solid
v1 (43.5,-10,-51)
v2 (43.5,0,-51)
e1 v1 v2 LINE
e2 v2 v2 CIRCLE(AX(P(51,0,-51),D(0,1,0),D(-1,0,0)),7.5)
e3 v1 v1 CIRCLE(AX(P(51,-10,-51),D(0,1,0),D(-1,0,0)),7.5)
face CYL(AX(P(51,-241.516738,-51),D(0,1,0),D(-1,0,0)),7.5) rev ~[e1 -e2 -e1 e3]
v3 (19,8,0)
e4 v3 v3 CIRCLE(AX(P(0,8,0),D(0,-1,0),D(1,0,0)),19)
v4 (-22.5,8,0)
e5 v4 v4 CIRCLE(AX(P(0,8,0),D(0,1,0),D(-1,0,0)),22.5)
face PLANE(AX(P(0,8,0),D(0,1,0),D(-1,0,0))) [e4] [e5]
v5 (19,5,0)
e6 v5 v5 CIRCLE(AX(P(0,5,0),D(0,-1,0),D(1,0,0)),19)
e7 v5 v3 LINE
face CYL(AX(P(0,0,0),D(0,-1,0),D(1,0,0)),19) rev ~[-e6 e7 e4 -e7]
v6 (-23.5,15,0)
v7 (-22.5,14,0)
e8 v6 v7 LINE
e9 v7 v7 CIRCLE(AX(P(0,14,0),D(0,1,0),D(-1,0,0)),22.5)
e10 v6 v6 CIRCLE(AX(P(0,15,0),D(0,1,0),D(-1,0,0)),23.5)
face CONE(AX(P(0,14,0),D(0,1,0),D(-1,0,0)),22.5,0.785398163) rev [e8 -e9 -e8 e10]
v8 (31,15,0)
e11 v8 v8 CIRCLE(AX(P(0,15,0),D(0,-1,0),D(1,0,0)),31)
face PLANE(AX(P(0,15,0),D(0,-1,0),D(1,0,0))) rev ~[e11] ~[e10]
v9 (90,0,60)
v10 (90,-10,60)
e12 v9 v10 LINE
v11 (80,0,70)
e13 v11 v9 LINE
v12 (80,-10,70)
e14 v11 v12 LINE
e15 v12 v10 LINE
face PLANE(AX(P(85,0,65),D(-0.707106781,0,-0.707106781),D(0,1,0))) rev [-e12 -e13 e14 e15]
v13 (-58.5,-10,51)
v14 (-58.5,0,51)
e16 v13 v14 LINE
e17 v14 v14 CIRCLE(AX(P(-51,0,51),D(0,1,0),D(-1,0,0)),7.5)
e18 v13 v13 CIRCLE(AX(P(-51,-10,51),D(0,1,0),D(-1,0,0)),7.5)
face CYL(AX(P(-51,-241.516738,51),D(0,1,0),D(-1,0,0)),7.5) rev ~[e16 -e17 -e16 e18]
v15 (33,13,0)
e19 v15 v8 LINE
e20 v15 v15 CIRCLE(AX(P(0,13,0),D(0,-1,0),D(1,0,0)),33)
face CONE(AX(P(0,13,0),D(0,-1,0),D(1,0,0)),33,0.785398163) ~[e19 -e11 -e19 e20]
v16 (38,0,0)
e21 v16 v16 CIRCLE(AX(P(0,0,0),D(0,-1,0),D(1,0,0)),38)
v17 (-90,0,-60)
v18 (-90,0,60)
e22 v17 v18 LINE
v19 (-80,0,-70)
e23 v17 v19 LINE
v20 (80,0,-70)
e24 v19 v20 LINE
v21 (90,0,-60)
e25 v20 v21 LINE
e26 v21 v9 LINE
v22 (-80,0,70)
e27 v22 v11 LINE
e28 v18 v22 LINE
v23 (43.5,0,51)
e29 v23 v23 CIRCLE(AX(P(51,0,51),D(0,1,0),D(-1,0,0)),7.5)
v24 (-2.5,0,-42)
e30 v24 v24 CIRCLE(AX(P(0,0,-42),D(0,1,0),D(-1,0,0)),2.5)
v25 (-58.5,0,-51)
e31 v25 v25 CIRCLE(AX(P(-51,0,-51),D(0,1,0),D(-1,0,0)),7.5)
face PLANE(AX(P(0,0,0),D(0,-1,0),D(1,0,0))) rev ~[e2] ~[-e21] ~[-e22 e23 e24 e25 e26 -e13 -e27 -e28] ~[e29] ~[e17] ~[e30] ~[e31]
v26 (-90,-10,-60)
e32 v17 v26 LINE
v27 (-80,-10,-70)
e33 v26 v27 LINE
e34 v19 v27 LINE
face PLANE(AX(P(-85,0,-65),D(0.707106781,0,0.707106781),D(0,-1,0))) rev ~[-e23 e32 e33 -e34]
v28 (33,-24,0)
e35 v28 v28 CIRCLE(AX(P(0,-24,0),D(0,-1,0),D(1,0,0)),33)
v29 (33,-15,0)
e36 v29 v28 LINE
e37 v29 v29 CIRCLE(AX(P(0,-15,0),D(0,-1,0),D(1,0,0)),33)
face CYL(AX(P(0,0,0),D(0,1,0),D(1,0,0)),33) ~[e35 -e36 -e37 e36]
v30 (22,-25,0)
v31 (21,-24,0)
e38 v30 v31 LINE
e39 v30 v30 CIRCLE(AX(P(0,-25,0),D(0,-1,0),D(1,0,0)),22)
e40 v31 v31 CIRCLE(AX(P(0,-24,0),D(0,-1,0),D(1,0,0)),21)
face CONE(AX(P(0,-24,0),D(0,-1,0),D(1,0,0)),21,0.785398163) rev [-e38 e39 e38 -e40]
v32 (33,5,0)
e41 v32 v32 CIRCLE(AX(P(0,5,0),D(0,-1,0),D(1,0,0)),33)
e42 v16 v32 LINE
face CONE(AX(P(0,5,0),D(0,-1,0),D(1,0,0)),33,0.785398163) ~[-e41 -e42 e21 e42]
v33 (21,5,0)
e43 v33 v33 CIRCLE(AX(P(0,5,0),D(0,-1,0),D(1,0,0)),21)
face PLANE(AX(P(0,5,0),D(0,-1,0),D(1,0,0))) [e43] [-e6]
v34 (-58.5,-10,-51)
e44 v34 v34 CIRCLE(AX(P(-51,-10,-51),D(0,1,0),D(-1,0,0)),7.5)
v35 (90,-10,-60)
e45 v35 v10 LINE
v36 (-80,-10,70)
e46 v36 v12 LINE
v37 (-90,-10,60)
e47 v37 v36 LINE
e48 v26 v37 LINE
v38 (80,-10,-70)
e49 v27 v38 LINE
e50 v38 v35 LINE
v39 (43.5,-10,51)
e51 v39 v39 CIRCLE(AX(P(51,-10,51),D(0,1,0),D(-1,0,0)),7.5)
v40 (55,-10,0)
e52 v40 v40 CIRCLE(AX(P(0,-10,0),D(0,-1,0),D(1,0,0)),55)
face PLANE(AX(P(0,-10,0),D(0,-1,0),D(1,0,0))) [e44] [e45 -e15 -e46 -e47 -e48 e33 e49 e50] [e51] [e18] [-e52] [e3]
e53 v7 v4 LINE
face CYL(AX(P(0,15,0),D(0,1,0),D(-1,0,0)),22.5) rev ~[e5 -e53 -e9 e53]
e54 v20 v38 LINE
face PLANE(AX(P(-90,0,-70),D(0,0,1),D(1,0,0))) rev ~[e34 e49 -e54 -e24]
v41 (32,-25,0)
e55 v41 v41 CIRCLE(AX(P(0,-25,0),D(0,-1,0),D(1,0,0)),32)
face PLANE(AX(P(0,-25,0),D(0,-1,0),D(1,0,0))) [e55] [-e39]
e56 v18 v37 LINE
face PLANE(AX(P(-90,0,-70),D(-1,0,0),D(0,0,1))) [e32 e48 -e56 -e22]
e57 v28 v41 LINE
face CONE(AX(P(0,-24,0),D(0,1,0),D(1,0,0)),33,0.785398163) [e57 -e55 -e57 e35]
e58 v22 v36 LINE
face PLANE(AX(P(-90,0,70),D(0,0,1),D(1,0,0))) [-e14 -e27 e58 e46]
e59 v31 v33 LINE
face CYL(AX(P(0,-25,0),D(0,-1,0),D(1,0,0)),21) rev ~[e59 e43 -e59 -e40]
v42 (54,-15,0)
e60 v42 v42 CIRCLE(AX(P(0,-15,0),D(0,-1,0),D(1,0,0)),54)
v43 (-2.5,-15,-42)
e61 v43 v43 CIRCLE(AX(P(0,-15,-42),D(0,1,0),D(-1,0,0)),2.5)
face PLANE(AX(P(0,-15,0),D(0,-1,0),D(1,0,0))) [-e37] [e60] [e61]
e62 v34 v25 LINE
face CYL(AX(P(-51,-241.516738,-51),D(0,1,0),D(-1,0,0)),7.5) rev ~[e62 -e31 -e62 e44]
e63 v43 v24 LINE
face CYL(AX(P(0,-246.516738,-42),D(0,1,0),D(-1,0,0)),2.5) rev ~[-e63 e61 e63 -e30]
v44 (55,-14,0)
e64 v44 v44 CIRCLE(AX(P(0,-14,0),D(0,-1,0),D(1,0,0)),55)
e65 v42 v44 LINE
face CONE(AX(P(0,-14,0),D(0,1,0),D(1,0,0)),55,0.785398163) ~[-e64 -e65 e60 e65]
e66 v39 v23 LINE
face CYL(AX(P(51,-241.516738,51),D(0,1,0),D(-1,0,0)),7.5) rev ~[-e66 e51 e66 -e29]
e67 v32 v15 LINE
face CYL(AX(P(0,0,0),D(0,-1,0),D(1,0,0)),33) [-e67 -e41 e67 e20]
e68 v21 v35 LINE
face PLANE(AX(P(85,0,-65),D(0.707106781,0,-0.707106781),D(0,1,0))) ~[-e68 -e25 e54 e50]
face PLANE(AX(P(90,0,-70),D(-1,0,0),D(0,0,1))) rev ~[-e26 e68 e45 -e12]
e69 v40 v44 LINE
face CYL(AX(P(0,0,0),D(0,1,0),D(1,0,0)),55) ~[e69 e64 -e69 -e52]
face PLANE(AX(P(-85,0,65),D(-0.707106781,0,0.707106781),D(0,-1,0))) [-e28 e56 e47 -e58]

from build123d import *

# Parameters (mm, degrees)
F0_W          = 180
F0_H          = 140
F0_R          = 55
F1_DEPTH      = 10
F0_R_2        = 33
F2_DEPTH      = 15
F0_R_3        = 19
F3_DEPTH      = 25
F3_DEPTH_BACK = 15
F4_R          = 21
F4_R_2        = 19
F5_DEPTH      = 30
F6_R          = 22.5
F6_R_2        = 19
F7_DEPTH      = 7
F9_D          = 15
F11_D         = 5
F12_SIZE2     = 10
F12_SIZE      = 10
F13_SIZE2     = 5
F13_SIZE      = 5
F14_SIZE2     = 2
F14_SIZE      = 2
F15_SIZE2     = 1
F15_SIZE      = 1


with BuildPart() as f1:
    # F0 (on Front) → F1 (new body)
    with BuildSketch(Plane.XZ):
        Rectangle(F0_W, F0_H)
        Circle(F0_R, mode=Mode.SUBTRACT)
    extrude(amount=F1_DEPTH)

    # F0 (on Front) → F2 (join)
    with BuildSketch(Plane.XZ):
        Circle(F0_R)
        Circle(F0_R_2, mode=Mode.SUBTRACT)
    extrude(amount=F2_DEPTH)

    # F0 (on Front) → F3 (join, two sides)
    with BuildSketch(Plane.XZ) as f3_sk:
        Circle(F0_R_2)
        Circle(F0_R_3, mode=Mode.SUBTRACT)
    extrude(amount=F3_DEPTH)
    extrude(f3_sk.sketch, amount=-F3_DEPTH_BACK)

    # F4 (on face) → F5 (cut)
    with BuildSketch(Plane.XZ.offset(25)):
        Circle(F4_R)
        Circle(F4_R_2, mode=Mode.SUBTRACT)
    extrude(amount=-F5_DEPTH, mode=Mode.SUBTRACT)

    # F6 (on face) → F7 (cut)
    with BuildSketch(Plane(origin=(0, 15, 0), x_dir=(-1, 0, 0), z_dir=(0, 1, 0))):
        Circle(F6_R)
        Circle(F6_R_2, mode=Mode.SUBTRACT)
    extrude(amount=-F7_DEPTH, mode=Mode.SUBTRACT)

    # F9 (through all)
    with Locations(Plane.XZ.offset(10)):
        with Locations((-51, 51), (51, 51), (51, -51), (-51, -51)):
            Hole(F9_D / 2)

    # F11 (through all)
    with Locations(Plane.XZ.offset(15)):
        with Locations((0, -42)):
            Hole(F11_D / 2)

    # F12
    f12_edges = [f1.edges().sort_by_distance(p)[0] for p in [
        (-90, -5, 70),
        (-90, -5, -70),
        (90, -5, 70),
        (90, -5, -70),
    ]]
    chamfer(f12_edges, length=F12_SIZE, length2=F12_SIZE2)

    # F13
    f13_edges = [f1.edges().sort_by_distance(p)[0] for p in [
        (-33, 0, 0),
    ]]
    chamfer(f13_edges, length=F13_SIZE, length2=F13_SIZE2)

    # F14
    f14_edges = [f1.edges().sort_by_distance(p)[0] for p in [
        (-33, 15, 0),
    ]]
    chamfer(f14_edges, length=F14_SIZE, length2=F14_SIZE2)

    # F15
    f15_edges = [f1.edges().sort_by_distance(p)[0] for p in [
        (22.5, 15, 0),
        (-21, -25, 0),
        (-33, -25, 0),
        (-55, -15, 0),
    ]]
    chamfer(f15_edges, length=F15_SIZE, length2=F15_SIZE2)


solid = f1.part
